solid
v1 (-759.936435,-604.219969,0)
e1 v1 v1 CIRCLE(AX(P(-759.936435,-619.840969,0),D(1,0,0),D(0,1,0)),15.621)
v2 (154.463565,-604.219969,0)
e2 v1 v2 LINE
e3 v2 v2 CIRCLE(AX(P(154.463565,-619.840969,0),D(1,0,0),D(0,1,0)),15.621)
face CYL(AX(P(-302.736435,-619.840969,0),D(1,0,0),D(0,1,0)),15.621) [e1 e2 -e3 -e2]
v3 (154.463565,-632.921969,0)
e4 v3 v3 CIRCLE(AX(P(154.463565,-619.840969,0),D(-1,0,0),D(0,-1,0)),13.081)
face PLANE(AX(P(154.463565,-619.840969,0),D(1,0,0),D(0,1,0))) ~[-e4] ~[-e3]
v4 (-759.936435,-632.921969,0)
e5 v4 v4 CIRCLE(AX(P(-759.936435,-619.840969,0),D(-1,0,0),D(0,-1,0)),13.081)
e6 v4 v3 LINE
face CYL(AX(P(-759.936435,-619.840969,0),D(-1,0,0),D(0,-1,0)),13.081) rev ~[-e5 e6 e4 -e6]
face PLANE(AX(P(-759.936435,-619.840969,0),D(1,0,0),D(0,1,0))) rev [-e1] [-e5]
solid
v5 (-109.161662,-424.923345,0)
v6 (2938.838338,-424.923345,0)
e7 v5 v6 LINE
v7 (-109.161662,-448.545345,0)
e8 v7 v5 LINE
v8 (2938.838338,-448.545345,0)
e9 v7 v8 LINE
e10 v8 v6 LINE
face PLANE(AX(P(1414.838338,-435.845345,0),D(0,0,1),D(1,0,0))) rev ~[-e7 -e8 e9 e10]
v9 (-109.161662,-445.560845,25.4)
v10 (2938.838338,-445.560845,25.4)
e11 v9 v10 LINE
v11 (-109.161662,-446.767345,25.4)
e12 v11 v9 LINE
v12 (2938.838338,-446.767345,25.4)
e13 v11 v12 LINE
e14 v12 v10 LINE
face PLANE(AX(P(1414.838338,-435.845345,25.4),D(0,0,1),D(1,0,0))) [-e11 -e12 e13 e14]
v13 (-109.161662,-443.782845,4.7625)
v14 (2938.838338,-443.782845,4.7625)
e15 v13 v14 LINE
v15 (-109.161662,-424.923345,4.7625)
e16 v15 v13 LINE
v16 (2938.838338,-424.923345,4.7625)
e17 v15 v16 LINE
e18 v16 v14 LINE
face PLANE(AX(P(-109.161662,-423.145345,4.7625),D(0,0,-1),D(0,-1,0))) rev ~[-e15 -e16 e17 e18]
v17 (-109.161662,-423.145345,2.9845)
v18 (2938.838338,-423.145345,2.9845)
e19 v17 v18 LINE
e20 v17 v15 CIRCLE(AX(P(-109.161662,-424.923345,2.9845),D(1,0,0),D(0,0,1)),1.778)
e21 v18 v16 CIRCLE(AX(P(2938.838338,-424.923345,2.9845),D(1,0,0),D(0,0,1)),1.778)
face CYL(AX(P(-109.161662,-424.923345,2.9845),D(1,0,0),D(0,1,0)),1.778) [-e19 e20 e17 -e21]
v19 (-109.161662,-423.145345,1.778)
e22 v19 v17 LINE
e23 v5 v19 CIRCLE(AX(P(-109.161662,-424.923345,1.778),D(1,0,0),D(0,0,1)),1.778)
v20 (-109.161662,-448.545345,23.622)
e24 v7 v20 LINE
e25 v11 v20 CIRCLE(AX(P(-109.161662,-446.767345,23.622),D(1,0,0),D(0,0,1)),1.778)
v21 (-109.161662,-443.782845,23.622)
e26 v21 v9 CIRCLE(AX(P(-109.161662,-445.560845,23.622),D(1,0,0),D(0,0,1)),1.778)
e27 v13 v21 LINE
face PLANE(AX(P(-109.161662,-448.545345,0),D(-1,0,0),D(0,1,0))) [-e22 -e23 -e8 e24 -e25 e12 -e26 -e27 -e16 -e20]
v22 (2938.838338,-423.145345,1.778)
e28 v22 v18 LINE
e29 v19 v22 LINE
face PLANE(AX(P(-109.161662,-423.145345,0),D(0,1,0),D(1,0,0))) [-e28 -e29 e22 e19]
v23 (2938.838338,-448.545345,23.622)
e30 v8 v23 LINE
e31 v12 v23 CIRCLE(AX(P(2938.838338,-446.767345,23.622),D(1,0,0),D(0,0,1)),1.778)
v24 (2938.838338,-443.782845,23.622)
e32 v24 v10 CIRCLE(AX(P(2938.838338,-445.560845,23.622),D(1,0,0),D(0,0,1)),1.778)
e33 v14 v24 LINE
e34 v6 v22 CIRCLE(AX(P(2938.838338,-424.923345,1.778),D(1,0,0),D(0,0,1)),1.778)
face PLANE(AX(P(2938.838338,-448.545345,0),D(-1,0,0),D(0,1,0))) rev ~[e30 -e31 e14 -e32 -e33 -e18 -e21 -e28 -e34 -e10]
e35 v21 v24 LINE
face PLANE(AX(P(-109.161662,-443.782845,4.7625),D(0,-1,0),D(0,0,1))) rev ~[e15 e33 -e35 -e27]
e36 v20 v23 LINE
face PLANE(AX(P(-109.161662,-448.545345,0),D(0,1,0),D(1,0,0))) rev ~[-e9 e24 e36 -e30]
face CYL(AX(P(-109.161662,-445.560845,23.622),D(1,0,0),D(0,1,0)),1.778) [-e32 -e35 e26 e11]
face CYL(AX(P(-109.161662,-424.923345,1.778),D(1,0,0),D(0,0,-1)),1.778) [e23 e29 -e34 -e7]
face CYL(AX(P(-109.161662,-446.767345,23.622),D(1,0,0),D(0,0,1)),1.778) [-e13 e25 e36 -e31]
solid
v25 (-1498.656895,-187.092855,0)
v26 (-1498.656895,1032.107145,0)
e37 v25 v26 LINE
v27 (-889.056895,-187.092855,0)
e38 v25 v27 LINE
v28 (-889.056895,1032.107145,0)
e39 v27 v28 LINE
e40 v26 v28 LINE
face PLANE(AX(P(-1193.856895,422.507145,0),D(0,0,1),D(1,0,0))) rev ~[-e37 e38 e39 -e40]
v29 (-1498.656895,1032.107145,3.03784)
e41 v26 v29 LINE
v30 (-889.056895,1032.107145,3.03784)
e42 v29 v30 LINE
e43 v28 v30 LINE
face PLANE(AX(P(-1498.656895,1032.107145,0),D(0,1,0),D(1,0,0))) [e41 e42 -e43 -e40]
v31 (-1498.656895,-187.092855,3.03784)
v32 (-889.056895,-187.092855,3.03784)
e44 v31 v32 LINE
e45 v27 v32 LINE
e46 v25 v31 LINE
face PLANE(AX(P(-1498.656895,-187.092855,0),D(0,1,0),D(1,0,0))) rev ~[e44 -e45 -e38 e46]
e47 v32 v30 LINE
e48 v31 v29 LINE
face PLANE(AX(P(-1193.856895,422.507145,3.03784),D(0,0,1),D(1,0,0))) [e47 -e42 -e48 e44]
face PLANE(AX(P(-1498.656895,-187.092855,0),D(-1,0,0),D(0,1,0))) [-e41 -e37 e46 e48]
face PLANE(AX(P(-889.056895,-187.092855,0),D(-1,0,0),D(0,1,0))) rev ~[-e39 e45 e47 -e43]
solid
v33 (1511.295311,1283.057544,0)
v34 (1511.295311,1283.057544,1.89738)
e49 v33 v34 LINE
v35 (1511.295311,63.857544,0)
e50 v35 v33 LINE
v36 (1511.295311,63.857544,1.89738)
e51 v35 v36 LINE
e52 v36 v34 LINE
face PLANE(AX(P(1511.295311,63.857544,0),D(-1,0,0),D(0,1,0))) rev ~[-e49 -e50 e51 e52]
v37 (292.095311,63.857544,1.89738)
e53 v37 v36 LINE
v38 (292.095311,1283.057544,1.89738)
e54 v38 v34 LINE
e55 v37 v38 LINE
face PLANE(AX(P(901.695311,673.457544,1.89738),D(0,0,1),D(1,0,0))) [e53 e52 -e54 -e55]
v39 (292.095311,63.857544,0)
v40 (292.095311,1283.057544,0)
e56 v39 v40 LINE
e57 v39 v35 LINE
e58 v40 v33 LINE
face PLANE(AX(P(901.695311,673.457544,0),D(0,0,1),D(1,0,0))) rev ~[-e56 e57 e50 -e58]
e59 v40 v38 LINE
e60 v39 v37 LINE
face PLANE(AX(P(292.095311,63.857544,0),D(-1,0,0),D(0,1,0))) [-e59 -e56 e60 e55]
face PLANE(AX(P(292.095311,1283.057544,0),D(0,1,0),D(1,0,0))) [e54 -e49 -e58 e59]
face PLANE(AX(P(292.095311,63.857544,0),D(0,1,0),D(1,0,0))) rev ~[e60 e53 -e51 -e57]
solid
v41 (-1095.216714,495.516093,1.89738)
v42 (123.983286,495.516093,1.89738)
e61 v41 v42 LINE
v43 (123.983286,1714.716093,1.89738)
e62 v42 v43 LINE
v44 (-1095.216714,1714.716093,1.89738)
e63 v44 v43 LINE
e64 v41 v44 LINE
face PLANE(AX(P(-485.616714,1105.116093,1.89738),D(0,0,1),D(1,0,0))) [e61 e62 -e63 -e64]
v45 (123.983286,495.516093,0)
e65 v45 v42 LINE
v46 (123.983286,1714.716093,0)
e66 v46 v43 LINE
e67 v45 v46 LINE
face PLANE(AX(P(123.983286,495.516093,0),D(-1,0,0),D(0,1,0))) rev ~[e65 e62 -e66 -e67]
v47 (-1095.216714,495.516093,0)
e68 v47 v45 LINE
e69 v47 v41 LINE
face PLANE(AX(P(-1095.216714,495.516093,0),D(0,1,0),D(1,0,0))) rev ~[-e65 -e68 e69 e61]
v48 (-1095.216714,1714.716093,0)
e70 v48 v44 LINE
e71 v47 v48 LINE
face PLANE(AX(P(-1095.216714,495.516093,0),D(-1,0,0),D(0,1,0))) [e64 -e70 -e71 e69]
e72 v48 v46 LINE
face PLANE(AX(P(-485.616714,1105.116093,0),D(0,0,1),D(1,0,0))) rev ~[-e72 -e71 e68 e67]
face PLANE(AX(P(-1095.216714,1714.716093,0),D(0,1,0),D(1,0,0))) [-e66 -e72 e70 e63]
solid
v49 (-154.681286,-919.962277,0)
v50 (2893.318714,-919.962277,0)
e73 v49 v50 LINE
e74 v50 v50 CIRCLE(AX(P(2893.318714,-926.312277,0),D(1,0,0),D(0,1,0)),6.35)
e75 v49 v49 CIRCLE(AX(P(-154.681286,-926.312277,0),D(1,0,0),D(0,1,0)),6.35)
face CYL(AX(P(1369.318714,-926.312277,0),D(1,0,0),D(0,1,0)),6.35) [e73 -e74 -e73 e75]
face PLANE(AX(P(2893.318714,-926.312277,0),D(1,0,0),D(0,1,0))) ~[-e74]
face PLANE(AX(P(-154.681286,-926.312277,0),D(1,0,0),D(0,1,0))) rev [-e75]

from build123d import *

# Parameters (mm, degrees)
F0_W      = 609.6
F0_H      = 1219.2
F6_DEPTH  = 3.03784
F1_W      = 1219.2
F1_H      = 1219.2
F7_DEPTH  = 1.89738
F2_W      = 1219.2
F2_H      = 1219.2
F8_DEPTH  = 1.89738
F3_W      = 3048
F3_H      = 25.4
F9_DEPTH  = 25.4
F4_W      = 914.4
F4_H      = 15.621
F11_R     = 13.081
F12_DEPTH = 3698.7757727905
F5_W      = 3048
F5_H      = 6.35
F14_W     = 20.6375
F14_H     = 20.6375
F15_DEPTH = 3048.001
F16_R     = 1.778


with BuildPart() as f6:
    # F0 (on Top) → F6 (new body)
    with BuildSketch(Plane.XY):
        with Locations((-1193.8568949782, 422.5071445107)):
            Rectangle(F0_W, F0_H)
    extrude(amount=F6_DEPTH)


with BuildPart() as f7:
    # F1 (on Top) → F7 (new body)
    with BuildSketch(Plane.XY):
        with Locations((-485.6167137623, 1105.116093429)):
            Rectangle(F1_W, F1_H)
    extrude(amount=F7_DEPTH)


with BuildPart() as f8:
    # F2 (on Top) → F8 (new body)
    with BuildSketch(Plane.XY):
        with Locations((901.6953110695, 673.4575437766)):
            Rectangle(F2_W, F2_H)
    extrude(amount=F8_DEPTH)


with BuildPart() as f9:
    # F3 (on Top) → F9 (new body)
    with BuildSketch(Plane.XY):
        with Locations((1414.8383377057, -435.8453452587)):
            Rectangle(F3_W, F3_H)
    extrude(amount=F9_DEPTH)

    # F14 (on face) → F15 (cut, through all)
    with BuildSketch(Plane(origin=(-109.1616622943, 0, 0), x_dir=(0, -1, 0), z_dir=(-1, 0, 0))):
        with Locations((433.4640952587, 15.08125)):
            Rectangle(F14_W, F14_H)
    extrude(amount=-F15_DEPTH, mode=Mode.SUBTRACT)

    # F16
    f16_edges = [f9.edges().sort_by_distance(p)[0] for p in [
        (1414.838338, -423.145345, 4.7625),
        (1414.838338, -443.782845, 25.4),
        (1414.838338, -448.545345, 25.4),
        (1414.838338, -423.145345, 0),
    ]]
    fillet(f16_edges, radius=F16_R)


with BuildPart() as f10:
    # F4 (on Top) → F10 (revolve)
    with BuildSketch(Plane.XY):
        with Locations((-302.7364350848, -612.0304689426)):
            Rectangle(F4_W, F4_H)
    revolve(axis=Axis((-302.7364350848, -619.8409689426, 0), (1, 0, 0)))

    # F11 (on face) → F12 (cut, through all)
    with BuildSketch(Plane(origin=(-759.9364350848, 0, 0), x_dir=(0, -1, 0), z_dir=(-1, 0, 0))):
        with Locations((619.8409689426, 0)):
            Circle(F11_R)
    extrude(amount=-F12_DEPTH, mode=Mode.SUBTRACT)


with BuildPart() as f13:
    # F5 (on Top) → F13 (revolve)
    with BuildSketch(Plane.XY):
        with Locations((1369.3187137015, -923.1372773647)):
            Rectangle(F5_W, F5_H)
    revolve(axis=Axis((1369.3187137015, -926.3122773647, 0), (1, 0, 0)))


solid = Compound([f6.part, f7.part, f8.part, f9.part, f10.part, f13.part])
